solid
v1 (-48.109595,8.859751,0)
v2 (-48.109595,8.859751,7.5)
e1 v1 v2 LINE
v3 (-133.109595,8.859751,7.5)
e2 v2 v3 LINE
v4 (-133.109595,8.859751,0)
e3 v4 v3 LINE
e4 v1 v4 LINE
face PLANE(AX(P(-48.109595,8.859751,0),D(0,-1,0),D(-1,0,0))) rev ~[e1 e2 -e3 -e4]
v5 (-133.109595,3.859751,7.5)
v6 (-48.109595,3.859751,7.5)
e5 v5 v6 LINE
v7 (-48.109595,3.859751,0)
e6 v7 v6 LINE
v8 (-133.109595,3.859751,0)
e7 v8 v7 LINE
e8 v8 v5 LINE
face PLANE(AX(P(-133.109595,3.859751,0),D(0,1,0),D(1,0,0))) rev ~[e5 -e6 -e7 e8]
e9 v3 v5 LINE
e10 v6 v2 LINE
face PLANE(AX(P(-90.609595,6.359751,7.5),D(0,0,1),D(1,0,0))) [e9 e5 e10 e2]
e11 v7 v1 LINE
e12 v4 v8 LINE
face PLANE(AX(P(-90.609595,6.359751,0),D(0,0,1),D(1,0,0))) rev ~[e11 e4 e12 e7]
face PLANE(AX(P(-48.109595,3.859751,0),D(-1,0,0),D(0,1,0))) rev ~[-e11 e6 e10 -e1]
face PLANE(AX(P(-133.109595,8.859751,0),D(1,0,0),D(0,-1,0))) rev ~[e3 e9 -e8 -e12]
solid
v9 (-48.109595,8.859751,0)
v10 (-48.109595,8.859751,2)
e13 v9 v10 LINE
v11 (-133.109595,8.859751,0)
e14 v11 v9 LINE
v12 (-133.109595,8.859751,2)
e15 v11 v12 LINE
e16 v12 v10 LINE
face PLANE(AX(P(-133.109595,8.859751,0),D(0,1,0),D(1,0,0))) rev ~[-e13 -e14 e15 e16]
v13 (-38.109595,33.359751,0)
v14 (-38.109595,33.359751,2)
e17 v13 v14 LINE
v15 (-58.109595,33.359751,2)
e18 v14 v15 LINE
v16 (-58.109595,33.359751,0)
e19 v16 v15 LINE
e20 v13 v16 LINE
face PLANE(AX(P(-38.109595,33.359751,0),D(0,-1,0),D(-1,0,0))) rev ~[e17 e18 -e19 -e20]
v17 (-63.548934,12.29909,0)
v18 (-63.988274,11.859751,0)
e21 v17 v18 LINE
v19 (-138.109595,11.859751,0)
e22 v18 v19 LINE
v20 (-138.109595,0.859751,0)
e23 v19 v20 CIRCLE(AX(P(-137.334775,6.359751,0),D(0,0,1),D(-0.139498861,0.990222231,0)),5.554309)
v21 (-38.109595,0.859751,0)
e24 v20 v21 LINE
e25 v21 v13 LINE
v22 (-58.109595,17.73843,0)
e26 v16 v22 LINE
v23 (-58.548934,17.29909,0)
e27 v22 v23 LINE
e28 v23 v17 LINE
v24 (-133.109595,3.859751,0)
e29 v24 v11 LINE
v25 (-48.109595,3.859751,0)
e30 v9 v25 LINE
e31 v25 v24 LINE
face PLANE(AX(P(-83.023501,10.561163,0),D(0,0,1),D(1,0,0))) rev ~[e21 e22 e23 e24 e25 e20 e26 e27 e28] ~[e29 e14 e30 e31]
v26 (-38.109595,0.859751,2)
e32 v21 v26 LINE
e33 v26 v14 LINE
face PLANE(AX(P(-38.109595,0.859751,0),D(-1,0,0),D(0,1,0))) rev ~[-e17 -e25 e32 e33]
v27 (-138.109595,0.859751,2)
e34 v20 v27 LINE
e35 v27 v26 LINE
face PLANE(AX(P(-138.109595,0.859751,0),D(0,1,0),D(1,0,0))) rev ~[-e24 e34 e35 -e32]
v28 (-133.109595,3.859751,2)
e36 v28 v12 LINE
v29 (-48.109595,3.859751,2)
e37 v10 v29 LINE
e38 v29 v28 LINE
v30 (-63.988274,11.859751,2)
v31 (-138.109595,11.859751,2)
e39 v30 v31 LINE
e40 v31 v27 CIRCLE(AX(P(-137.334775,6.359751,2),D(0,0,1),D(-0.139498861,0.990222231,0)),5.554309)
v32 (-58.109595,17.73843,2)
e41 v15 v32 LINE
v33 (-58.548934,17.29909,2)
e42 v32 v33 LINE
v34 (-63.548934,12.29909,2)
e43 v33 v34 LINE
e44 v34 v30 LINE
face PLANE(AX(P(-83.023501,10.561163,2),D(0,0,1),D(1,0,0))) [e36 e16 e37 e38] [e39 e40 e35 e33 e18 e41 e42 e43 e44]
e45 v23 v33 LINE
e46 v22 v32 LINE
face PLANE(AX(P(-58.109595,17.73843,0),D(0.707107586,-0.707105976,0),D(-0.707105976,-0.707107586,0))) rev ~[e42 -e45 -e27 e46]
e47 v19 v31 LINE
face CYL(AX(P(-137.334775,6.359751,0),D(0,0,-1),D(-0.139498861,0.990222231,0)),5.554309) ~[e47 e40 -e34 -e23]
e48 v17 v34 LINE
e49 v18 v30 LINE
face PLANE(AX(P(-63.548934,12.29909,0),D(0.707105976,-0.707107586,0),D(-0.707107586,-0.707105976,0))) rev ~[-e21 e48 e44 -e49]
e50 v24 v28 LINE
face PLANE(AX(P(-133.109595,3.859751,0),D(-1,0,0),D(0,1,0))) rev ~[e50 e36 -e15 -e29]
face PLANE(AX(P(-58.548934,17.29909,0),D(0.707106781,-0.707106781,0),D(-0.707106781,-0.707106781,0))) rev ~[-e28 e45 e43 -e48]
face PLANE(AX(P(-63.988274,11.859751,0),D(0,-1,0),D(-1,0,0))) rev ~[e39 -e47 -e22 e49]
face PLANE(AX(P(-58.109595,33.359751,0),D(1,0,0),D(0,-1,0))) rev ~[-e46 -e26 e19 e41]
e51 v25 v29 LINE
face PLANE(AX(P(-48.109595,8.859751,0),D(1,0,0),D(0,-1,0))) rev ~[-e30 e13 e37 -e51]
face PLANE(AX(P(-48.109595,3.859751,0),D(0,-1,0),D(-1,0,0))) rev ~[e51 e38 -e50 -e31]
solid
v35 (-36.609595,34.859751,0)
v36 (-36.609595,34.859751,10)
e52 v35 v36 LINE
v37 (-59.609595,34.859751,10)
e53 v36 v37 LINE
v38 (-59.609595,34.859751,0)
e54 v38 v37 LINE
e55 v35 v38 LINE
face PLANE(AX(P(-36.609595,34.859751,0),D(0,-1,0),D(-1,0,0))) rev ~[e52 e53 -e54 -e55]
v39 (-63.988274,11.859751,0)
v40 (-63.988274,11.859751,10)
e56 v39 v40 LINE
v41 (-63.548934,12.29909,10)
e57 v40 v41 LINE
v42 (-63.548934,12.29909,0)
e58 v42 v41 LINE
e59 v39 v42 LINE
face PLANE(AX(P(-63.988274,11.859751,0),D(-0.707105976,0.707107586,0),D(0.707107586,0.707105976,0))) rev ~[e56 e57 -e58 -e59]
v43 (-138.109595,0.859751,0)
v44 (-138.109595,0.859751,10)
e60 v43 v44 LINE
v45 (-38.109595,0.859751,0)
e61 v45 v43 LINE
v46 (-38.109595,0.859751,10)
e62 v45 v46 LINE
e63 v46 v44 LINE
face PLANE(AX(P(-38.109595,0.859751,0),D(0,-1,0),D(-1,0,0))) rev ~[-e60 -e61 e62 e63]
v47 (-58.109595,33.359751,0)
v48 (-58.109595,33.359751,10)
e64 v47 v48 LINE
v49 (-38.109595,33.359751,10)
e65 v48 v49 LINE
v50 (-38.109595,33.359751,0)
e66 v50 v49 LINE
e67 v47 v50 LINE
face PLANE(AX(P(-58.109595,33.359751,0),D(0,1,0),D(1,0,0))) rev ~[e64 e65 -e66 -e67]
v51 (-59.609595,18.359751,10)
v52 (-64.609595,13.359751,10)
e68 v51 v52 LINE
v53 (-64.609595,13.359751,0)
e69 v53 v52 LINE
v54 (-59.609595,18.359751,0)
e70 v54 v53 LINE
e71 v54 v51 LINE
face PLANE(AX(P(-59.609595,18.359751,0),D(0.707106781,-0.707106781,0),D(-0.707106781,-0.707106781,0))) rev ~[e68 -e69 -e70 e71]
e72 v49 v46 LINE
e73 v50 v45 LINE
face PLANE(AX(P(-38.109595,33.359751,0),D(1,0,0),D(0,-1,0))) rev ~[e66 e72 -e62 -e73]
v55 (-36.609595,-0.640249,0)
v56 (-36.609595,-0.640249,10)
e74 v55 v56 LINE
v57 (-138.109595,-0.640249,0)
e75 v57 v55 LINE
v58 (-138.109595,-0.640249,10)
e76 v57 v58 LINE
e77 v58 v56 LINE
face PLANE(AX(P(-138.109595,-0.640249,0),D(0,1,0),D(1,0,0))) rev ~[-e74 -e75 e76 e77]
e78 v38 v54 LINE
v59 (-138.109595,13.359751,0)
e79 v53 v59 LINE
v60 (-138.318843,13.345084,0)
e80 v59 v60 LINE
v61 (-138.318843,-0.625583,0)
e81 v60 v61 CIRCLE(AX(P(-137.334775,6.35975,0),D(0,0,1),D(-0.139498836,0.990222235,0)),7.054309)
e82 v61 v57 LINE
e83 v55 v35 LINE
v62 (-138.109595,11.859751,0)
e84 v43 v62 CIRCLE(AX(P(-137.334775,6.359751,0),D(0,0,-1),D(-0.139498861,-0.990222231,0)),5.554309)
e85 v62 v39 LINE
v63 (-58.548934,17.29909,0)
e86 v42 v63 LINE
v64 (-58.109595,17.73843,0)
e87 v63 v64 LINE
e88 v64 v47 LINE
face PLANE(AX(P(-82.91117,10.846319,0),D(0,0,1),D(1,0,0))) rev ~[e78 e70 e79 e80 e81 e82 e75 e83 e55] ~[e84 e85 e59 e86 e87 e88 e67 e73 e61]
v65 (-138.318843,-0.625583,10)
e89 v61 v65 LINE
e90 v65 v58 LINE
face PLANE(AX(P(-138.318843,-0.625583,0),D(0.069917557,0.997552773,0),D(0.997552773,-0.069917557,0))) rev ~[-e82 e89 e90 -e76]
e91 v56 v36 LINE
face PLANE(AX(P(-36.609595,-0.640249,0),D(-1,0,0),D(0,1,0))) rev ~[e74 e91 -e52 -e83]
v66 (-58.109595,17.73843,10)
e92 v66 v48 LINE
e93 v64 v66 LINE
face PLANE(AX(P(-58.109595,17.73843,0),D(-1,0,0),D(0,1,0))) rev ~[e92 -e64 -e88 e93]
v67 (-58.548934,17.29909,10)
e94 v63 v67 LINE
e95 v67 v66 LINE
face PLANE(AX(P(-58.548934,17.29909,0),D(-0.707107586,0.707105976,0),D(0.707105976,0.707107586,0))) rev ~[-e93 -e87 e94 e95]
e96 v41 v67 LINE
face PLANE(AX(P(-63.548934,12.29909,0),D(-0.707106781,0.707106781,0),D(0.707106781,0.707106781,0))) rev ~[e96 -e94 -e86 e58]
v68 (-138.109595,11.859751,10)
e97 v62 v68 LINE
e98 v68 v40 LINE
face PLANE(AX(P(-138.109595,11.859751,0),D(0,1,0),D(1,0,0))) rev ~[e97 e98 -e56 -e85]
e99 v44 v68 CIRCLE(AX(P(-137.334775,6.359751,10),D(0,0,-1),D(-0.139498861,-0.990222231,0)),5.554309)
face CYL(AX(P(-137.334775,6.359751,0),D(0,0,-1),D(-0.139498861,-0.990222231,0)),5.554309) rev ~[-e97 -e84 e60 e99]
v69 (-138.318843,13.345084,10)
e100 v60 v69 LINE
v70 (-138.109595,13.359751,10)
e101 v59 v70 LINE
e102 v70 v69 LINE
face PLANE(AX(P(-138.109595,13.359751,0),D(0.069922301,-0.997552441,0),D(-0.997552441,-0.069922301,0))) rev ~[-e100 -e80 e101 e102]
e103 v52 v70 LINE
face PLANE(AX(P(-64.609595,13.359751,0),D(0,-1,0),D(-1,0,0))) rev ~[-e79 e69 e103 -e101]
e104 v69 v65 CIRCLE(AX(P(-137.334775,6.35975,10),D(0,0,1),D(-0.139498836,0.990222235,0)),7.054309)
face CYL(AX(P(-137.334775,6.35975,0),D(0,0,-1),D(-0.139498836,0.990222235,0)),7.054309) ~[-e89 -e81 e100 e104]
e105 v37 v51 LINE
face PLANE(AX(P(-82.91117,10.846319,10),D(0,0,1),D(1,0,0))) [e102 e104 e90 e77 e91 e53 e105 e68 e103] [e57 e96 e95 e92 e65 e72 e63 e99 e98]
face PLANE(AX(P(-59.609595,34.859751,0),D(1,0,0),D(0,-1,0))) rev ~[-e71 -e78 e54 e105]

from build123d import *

# Parameters (mm, degrees)
F1_DEPTH = 10
F2_DEPTH = 7.5
F3_DEPTH = 2


with BuildPart() as f1:
    # F0 (on Top) → F1 (new body)
    with BuildSketch(Plane.XY):
        with BuildLine():
            Line((-138.109595, 13.359751), (-138.318843, 13.345084))
            ThreePointArc((-138.318843, 13.345084), (-144.389084, 6.359751), (-138.318843, -0.625583))
            Line((-138.318843, -0.625583), (-138.109595, -0.640249))
            Line((-138.109595, -0.640249), (-36.609595, -0.640249))
            Line((-36.609595, -0.640249), (-36.609595, 18.359751))
            Line((-36.609595, 18.359751), (-36.609595, 23.981071))
            Line((-36.609595, 23.981071), (-36.609595, 33.359751))
            Line((-36.609595, 33.359751), (-36.609595, 34.859751))
            Line((-36.609595, 34.859751), (-38.109595, 34.859751))
            Line((-38.109595, 34.859751), (-58.109595, 34.859751))
            Line((-58.109595, 34.859751), (-59.609595, 34.859751))
            Line((-59.609595, 34.859751), (-59.609595, 33.359751))
            Line((-59.609595, 33.359751), (-59.609595, 23.981071))
            Line((-59.609595, 23.981071), (-59.609595, 18.359751))
            Line((-59.609595, 18.359751), (-64.609595, 13.359751))
            Line((-64.609595, 13.359751), (-64.920255, 13.359751))
            Line((-64.920255, 13.359751), (-70.230915, 13.359751))
            Line((-70.230915, 13.359751), (-138.109595, 13.359751))
        make_face()
        with BuildLine():
            Line((-38.109595, 0.859751), (-133.109595, 0.859751))
            Line((-133.109595, 0.859751), (-138.109595, 0.859751))
            ThreePointArc((-138.109595, 0.859751), (-142.889084, 6.359751), (-138.109595, 11.859751))
            Line((-138.109595, 11.859751), (-133.109595, 11.859751))
            Line((-133.109595, 11.859751), (-69.609595, 11.859751))
            Line((-69.609595, 11.859751), (-63.988274, 11.859751))
            Line((-63.988274, 11.859751), (-63.548934, 12.29909))
            Line((-63.548934, 12.29909), (-58.548934, 17.29909))
            Line((-58.548934, 17.29909), (-58.109595, 17.73843))
            Line((-58.109595, 17.73843), (-58.109595, 23.359751))
            Line((-58.109595, 23.359751), (-58.109595, 33.359751))
            Line((-58.109595, 33.359751), (-48.109595, 33.359751))
            Line((-48.109595, 33.359751), (-38.109595, 33.359751))
            Line((-38.109595, 33.359751), (-38.109595, 0.859751))
        make_face(mode=Mode.SUBTRACT)
    extrude(amount=F1_DEPTH)


with BuildPart() as f2:
    # F0 (on Top) → F2 (new body)
    with BuildSketch(Plane.XY):
        Polygon((-133.109595, 8.859751), (-133.109595, 6.359751), (-133.109595, 3.859751), (-48.109595, 3.859751), (-48.109595, 8.859751), align=None)
    extrude(amount=F2_DEPTH)


with BuildPart() as f3:
    # F0 (on Top) → F3 (new body)
    with BuildSketch(Plane.XY):
        with BuildLine():
            Line((-138.109595, 0.859751), (-133.109595, 0.859751))
            Line((-133.109595, 0.859751), (-38.109595, 0.859751))
            Line((-38.109595, 0.859751), (-38.109595, 33.359751))
            Line((-38.109595, 33.359751), (-48.109595, 33.359751))
            Line((-48.109595, 33.359751), (-58.109595, 33.359751))
            Line((-58.109595, 33.359751), (-58.109595, 23.359751))
            Line((-58.109595, 23.359751), (-58.109595, 17.73843))
            Line((-58.109595, 17.73843), (-58.548934, 17.29909))
            Line((-58.548934, 17.29909), (-63.548934, 12.29909))
            Line((-63.548934, 12.29909), (-63.988274, 11.859751))
            Line((-63.988274, 11.859751), (-69.609595, 11.859751))
            Line((-69.609595, 11.859751), (-133.109595, 11.859751))
            Line((-133.109595, 11.859751), (-138.109595, 11.859751))
            ThreePointArc((-138.109595, 11.859751), (-142.889084, 6.359751), (-138.109595, 0.859751))
        make_face()
        Polygon((-133.109595, 3.859751), (-133.109595, 6.359751), (-133.109595, 8.859751), (-48.109595, 8.859751), (-48.109595, 3.859751), align=None, mode=Mode.SUBTRACT)
    extrude(amount=F3_DEPTH)


solid = Compound([f1.part, f2.part, f3.part])
